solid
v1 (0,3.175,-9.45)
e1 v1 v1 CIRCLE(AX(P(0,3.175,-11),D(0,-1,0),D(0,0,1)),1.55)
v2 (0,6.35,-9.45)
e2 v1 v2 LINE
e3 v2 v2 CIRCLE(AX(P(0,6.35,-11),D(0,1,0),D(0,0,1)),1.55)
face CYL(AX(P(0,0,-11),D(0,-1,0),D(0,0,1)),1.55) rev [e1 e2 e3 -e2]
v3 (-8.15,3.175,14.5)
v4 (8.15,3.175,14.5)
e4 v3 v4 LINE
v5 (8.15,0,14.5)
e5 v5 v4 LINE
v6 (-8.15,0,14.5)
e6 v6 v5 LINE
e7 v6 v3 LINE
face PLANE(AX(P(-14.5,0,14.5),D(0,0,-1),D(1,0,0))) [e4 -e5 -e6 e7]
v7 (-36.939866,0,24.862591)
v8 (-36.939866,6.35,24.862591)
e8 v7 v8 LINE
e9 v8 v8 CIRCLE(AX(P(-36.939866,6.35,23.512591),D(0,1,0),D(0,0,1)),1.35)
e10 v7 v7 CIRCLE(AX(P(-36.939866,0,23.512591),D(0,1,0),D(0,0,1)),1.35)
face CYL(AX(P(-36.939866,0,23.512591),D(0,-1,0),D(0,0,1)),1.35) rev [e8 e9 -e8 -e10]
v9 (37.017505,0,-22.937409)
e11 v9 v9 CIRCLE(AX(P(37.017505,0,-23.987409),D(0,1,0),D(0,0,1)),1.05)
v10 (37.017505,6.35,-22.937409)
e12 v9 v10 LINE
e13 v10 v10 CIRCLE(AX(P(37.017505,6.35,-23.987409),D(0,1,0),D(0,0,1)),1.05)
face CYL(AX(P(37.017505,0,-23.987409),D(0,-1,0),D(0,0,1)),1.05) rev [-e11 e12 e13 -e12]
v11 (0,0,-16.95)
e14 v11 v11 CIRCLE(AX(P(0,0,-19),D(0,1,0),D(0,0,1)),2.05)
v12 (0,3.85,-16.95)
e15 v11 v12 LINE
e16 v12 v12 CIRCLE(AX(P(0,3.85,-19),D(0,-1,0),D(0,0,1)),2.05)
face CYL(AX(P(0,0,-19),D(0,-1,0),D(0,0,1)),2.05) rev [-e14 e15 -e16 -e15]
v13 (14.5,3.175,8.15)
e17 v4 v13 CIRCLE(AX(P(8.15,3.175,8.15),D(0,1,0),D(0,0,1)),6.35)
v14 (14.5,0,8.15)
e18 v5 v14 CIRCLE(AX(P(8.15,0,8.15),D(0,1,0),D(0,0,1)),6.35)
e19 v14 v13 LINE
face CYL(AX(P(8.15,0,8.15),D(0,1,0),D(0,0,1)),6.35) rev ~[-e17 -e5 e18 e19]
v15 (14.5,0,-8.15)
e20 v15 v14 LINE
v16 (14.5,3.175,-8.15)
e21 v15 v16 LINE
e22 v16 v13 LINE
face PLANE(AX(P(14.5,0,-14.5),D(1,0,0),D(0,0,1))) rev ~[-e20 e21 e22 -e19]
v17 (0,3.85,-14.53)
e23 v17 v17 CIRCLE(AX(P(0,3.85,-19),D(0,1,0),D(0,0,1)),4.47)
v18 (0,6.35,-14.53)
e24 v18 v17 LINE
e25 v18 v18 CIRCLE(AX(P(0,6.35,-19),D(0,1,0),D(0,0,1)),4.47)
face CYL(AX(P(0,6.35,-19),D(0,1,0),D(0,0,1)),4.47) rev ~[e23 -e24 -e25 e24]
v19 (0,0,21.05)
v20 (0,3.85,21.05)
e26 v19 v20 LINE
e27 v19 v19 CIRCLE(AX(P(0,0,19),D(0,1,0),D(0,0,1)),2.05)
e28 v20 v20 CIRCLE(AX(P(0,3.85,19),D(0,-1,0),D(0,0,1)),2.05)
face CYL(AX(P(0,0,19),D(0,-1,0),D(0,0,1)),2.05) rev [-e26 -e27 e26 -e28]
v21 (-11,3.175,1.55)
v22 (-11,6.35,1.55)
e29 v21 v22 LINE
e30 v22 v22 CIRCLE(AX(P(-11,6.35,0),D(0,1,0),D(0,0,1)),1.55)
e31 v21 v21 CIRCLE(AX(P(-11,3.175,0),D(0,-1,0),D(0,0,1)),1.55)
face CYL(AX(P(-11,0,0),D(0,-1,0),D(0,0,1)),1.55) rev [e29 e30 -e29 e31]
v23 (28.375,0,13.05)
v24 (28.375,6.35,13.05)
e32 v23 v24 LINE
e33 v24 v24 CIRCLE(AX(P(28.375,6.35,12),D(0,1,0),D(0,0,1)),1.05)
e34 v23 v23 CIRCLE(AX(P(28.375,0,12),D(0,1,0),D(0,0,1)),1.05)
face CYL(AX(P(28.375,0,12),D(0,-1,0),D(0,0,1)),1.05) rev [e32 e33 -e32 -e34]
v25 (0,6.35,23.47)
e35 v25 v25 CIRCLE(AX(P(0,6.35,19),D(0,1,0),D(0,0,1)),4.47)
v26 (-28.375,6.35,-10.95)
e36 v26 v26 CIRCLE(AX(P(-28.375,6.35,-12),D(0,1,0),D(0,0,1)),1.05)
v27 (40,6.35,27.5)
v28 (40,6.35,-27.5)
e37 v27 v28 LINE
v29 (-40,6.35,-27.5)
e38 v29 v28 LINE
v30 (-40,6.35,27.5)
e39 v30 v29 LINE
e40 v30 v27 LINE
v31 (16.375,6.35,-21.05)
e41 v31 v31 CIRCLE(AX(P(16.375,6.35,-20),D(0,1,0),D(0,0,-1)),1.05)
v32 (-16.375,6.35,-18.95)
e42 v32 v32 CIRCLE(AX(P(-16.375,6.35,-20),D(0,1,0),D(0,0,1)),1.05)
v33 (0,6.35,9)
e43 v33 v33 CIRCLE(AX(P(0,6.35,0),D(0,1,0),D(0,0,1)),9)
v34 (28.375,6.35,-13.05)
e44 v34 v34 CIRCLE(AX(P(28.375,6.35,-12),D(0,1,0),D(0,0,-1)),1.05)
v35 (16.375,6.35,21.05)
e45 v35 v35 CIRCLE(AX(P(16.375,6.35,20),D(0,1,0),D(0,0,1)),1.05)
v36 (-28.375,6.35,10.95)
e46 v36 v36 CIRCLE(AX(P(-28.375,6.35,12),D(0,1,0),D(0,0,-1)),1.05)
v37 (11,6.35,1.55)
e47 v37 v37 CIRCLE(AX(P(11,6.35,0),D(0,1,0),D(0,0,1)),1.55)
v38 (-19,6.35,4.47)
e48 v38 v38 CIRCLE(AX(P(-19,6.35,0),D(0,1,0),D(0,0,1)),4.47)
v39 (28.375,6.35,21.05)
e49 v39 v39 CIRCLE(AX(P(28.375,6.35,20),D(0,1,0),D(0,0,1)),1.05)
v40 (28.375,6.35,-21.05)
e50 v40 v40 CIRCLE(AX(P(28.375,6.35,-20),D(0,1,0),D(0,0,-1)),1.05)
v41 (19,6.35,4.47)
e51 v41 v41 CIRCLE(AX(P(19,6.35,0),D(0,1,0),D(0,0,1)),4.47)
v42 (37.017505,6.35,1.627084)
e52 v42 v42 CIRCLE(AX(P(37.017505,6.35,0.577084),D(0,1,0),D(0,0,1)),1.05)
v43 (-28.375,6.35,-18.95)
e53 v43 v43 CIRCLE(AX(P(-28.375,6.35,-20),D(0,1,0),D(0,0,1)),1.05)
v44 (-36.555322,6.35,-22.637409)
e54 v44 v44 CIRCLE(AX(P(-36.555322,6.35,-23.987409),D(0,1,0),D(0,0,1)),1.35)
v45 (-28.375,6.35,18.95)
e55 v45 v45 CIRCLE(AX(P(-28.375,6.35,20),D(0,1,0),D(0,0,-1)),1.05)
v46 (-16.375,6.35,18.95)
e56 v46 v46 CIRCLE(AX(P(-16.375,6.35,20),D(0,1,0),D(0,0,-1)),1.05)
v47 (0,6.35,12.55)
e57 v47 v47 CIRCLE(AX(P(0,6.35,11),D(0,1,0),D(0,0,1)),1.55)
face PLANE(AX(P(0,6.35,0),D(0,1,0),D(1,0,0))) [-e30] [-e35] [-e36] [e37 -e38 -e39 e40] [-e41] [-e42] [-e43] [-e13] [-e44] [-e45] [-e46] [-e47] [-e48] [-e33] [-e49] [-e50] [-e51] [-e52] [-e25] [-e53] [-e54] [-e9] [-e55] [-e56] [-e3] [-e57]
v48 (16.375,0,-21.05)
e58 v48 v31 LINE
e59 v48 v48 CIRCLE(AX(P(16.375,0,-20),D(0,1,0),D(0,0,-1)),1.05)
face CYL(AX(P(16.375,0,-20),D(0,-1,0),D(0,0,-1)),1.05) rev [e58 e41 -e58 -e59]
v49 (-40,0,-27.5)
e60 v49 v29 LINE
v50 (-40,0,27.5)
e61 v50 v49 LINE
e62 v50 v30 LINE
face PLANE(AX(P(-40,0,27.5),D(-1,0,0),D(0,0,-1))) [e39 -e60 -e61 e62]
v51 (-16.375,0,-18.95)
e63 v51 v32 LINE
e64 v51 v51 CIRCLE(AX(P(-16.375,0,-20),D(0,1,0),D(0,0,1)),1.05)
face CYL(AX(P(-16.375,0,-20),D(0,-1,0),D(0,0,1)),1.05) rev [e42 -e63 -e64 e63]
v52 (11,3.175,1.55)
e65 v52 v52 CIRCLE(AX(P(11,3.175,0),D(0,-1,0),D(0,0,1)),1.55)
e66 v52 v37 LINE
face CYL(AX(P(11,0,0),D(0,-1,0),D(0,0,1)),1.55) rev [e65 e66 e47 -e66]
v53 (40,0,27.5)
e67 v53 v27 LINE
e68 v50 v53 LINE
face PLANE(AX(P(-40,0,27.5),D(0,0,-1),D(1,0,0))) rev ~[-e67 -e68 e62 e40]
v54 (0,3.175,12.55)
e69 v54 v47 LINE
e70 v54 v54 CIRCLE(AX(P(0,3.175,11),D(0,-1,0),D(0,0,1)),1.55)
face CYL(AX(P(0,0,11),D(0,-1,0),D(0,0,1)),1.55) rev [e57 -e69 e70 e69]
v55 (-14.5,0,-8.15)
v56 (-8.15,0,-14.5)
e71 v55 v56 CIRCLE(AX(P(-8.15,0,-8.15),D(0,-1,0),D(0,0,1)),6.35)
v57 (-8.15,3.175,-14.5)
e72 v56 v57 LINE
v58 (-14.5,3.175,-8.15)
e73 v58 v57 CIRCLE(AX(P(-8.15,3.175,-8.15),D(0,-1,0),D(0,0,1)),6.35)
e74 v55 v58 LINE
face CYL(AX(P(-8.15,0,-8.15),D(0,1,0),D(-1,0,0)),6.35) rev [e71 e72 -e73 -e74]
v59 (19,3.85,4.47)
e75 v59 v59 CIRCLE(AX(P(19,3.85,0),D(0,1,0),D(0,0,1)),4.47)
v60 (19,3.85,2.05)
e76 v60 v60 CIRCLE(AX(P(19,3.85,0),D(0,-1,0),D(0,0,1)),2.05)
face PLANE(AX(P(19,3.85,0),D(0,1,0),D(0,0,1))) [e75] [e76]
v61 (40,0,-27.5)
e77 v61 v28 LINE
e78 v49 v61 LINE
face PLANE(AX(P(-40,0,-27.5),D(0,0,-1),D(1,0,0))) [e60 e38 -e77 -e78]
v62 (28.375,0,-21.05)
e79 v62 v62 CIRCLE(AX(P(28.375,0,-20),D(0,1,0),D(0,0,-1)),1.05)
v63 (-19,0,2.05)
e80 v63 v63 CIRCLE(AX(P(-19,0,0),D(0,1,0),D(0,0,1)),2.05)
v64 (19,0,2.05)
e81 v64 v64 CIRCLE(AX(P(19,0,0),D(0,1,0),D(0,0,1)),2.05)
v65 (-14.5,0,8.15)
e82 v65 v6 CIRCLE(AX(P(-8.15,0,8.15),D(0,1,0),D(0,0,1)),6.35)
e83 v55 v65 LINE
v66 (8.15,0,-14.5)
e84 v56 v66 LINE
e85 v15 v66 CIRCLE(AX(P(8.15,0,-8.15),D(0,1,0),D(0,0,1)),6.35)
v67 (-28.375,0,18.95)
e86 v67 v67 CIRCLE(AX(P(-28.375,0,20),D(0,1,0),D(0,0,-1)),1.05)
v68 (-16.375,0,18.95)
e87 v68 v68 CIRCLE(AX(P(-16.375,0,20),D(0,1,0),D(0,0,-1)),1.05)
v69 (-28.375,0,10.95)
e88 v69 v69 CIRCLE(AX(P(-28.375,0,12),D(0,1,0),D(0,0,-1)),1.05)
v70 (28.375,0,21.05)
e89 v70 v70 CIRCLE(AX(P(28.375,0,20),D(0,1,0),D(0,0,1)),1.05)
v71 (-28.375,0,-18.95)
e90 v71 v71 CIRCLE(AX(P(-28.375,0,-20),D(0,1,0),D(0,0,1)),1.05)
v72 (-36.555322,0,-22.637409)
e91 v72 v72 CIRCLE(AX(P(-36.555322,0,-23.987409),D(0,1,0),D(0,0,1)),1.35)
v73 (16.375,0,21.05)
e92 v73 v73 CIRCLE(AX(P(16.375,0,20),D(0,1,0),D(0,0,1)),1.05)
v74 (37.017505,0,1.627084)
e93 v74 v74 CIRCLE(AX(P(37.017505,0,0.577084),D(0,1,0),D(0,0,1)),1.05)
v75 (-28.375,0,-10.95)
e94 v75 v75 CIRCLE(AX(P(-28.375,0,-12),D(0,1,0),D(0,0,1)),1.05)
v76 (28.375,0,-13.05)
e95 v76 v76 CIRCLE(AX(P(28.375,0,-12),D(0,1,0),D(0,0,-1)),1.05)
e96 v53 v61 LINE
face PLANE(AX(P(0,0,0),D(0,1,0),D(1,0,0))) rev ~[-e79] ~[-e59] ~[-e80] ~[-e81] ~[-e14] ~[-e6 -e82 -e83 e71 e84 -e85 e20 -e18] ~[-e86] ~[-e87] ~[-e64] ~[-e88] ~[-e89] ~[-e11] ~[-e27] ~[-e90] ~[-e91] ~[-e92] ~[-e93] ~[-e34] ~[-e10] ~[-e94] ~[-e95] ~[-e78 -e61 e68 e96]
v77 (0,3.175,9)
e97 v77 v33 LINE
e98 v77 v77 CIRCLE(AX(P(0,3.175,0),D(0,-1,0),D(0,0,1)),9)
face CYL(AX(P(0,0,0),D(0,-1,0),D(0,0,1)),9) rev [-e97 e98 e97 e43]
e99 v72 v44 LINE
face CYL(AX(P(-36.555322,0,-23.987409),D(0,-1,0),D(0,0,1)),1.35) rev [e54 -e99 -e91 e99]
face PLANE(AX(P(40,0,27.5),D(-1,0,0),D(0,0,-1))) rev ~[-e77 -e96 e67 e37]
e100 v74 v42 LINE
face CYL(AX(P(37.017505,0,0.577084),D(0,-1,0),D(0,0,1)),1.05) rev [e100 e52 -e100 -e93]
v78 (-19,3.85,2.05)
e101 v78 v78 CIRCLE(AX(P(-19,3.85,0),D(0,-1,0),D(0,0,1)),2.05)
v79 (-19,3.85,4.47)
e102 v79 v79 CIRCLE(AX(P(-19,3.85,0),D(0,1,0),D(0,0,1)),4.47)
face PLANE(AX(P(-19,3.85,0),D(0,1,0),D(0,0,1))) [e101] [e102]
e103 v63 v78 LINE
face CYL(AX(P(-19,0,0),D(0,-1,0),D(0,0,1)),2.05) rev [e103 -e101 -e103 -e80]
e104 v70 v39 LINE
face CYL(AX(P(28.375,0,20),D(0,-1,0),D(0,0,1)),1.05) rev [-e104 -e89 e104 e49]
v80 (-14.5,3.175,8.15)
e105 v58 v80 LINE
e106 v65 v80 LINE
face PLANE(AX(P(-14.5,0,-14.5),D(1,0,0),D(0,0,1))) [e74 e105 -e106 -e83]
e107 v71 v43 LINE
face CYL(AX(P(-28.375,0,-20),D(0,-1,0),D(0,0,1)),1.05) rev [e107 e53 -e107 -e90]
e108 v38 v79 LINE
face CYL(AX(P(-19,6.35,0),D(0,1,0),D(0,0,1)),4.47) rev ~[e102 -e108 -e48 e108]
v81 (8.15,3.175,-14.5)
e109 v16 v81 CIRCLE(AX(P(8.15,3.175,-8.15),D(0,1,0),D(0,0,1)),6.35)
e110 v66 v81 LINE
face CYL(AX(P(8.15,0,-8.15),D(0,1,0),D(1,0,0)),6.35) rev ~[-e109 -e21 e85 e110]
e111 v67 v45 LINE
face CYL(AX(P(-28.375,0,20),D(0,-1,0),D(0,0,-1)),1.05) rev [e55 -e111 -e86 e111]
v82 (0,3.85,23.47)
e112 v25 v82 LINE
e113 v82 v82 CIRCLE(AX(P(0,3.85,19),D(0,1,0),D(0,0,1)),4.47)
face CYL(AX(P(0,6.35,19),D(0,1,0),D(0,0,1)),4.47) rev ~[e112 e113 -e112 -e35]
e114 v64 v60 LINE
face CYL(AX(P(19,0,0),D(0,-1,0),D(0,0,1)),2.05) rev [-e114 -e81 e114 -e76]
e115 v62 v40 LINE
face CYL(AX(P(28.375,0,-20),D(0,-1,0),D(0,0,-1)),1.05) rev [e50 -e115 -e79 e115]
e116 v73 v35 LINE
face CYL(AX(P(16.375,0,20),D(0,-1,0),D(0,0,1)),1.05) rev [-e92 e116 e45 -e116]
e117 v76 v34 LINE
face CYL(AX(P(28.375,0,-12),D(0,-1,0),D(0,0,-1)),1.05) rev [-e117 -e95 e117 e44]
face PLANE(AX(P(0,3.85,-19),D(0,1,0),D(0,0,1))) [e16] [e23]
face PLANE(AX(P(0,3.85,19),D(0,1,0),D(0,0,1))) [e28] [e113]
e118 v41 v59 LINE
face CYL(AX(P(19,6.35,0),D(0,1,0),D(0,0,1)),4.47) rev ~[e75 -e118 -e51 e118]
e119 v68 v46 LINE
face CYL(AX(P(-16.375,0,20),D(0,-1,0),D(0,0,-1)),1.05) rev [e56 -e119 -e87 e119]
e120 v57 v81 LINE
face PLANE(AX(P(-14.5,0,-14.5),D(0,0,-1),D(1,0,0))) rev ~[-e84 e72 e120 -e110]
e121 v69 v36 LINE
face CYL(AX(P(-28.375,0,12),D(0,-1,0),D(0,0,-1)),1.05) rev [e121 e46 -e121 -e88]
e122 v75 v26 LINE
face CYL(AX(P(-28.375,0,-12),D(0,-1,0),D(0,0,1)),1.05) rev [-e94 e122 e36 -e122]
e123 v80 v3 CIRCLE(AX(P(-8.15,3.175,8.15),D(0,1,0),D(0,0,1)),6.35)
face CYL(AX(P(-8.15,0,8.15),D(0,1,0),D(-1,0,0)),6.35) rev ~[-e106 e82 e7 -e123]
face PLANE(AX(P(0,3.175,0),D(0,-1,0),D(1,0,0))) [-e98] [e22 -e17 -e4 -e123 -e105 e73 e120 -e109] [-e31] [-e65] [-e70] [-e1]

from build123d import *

# Parameters (mm, degrees)
SKETCH1_W           = 80
SKETCH1_H           = 55
SKETCH1_R           = 1.55
SKETCH1_R_2         = 2.05
SKETCH1_R_3         = 1.05
SKETCH1_R_4         = 1.35
SKETCH1_R_5         = 9
BOSS_EXTRUDE1_DEPTH = 6.35
SKETCH3_R           = 4.47
CUT_EXTRUDE2_DEPTH  = 2.5
SKETCH2_W           = 29
SKETCH2_H           = 29
CUT_EXTRUDE1_DEPTH  = 3.175
FILLET1_R           = 6.35


with BuildPart() as part:
    # Sketch1 → Boss-Extrude1 (new body)
    with BuildSketch(Plane(origin=(0, 0, 0), x_dir=(1, 0, 0), z_dir=(0, 1, 0))):
        Rectangle(SKETCH1_W, SKETCH1_H)
        with Locations(Location((0, 11, 0), (0, 0, 270))):
            Circle(SKETCH1_R, mode=Mode.SUBTRACT)
        with Locations(Location((11, 0, 0), (0, 0, 270))):
            Circle(SKETCH1_R, mode=Mode.SUBTRACT)
        with Locations(Location((0, -11, 0), (0, 0, 270))):
            Circle(SKETCH1_R, mode=Mode.SUBTRACT)
        with Locations(Location((-11, 0, 0), (0, 0, 270))):
            Circle(SKETCH1_R, mode=Mode.SUBTRACT)
        with Locations(Location((0, 19, 0), (0, 0, 270))):
            Circle(SKETCH1_R_2, mode=Mode.SUBTRACT)
        with Locations(Location((19, 0, 0), (0, 0, 270))):
            Circle(SKETCH1_R_2, mode=Mode.SUBTRACT)
        with Locations(Location((0, -19, 0), (0, 0, 270))):
            Circle(SKETCH1_R_2, mode=Mode.SUBTRACT)
        with Locations(Location((-19, 0, 0), (0, 0, 270))):
            Circle(SKETCH1_R_2, mode=Mode.SUBTRACT)
        with Locations(Location((37.017505191, 23.98740934, 0), (0, 0, 270))):
            Circle(SKETCH1_R_3, mode=Mode.SUBTRACT)
        with Locations(Location((-36.555321603, 23.98740934, 0), (0, 0, 270))):
            Circle(SKETCH1_R_4, mode=Mode.SUBTRACT)
        with Locations(Location((-36.939866092, -23.51259066, 0), (0, 0, 270))):
            Circle(SKETCH1_R_4, mode=Mode.SUBTRACT)
        with Locations(Location((0, 0, 0), (0, 0, 270))):
            Circle(SKETCH1_R_5, mode=Mode.SUBTRACT)
        with Locations(Location((16.375, -20, 0), (0, 0, 270))):
            Circle(SKETCH1_R_3, mode=Mode.SUBTRACT)
        with Locations(Location((28.375, -12, 0), (0, 0, 270))):
            Circle(SKETCH1_R_3, mode=Mode.SUBTRACT)
        with Locations(Location((28.375, -20, 0), (0, 0, 270))):
            Circle(SKETCH1_R_3, mode=Mode.SUBTRACT)
        with Locations(Location((28.375, 20, 0), (0, 0, 90))):
            Circle(SKETCH1_R_3, mode=Mode.SUBTRACT)
        with Locations(Location((28.375, 12, 0), (0, 0, 90))):
            Circle(SKETCH1_R_3, mode=Mode.SUBTRACT)
        with Locations(Location((16.375, 20, 0), (0, 0, 90))):
            Circle(SKETCH1_R_3, mode=Mode.SUBTRACT)
        with Locations(Location((-28.375, -20, 0), (0, 0, 90))):
            Circle(SKETCH1_R_3, mode=Mode.SUBTRACT)
        with Locations(Location((-28.375, -12, 0), (0, 0, 90))):
            Circle(SKETCH1_R_3, mode=Mode.SUBTRACT)
        with Locations(Location((-16.375, -20, 0), (0, 0, 90))):
            Circle(SKETCH1_R_3, mode=Mode.SUBTRACT)
        with Locations(Location((-16.375, 20, 0), (0, 0, 270))):
            Circle(SKETCH1_R_3, mode=Mode.SUBTRACT)
        with Locations(Location((-28.375, 12, 0), (0, 0, 270))):
            Circle(SKETCH1_R_3, mode=Mode.SUBTRACT)
        with Locations(Location((-28.375, 20, 0), (0, 0, 270))):
            Circle(SKETCH1_R_3, mode=Mode.SUBTRACT)
        with Locations(Location((37.017505191, -0.577084193, 0), (0, 0, 270))):
            Circle(SKETCH1_R_3, mode=Mode.SUBTRACT)
    extrude(amount=BOSS_EXTRUDE1_DEPTH)

    # Sketch3 → Cut-Extrude2 (cut)
    with BuildSketch(Plane(origin=(0, 6.35, 0), x_dir=(1, 0, 0), z_dir=(0, 1, 0))):
        with Locations(Location((0, -19, 0), (0, 0, 270))):
            Circle(SKETCH3_R)
        with Locations(Location((19, 0, 0), (0, 0, 270))):
            Circle(SKETCH3_R)
        with Locations(Location((-19, 0, 0), (0, 0, 270))):
            Circle(SKETCH3_R)
        with Locations(Location((0, 19, 0), (0, 0, 270))):
            Circle(SKETCH3_R)
    extrude(amount=-CUT_EXTRUDE2_DEPTH, mode=Mode.SUBTRACT)

    # Sketch2 → Cut-Extrude1 (cut)
    with BuildSketch(Plane.XZ):
        Rectangle(SKETCH2_W, SKETCH2_H)
    extrude(amount=-CUT_EXTRUDE1_DEPTH, mode=Mode.SUBTRACT)

    # Fillet1
    fillet1_edges = [part.edges().sort_by_distance(p)[0] for p in [
        (14.5, 1.5875, 14.5),
        (14.5, 1.5875, -14.5),
        (-14.5, 1.5875, -14.5),
        (-14.5, 1.5875, 14.5),
    ]]
    fillet(fillet1_edges, radius=FILLET1_R)


solid = part.part
